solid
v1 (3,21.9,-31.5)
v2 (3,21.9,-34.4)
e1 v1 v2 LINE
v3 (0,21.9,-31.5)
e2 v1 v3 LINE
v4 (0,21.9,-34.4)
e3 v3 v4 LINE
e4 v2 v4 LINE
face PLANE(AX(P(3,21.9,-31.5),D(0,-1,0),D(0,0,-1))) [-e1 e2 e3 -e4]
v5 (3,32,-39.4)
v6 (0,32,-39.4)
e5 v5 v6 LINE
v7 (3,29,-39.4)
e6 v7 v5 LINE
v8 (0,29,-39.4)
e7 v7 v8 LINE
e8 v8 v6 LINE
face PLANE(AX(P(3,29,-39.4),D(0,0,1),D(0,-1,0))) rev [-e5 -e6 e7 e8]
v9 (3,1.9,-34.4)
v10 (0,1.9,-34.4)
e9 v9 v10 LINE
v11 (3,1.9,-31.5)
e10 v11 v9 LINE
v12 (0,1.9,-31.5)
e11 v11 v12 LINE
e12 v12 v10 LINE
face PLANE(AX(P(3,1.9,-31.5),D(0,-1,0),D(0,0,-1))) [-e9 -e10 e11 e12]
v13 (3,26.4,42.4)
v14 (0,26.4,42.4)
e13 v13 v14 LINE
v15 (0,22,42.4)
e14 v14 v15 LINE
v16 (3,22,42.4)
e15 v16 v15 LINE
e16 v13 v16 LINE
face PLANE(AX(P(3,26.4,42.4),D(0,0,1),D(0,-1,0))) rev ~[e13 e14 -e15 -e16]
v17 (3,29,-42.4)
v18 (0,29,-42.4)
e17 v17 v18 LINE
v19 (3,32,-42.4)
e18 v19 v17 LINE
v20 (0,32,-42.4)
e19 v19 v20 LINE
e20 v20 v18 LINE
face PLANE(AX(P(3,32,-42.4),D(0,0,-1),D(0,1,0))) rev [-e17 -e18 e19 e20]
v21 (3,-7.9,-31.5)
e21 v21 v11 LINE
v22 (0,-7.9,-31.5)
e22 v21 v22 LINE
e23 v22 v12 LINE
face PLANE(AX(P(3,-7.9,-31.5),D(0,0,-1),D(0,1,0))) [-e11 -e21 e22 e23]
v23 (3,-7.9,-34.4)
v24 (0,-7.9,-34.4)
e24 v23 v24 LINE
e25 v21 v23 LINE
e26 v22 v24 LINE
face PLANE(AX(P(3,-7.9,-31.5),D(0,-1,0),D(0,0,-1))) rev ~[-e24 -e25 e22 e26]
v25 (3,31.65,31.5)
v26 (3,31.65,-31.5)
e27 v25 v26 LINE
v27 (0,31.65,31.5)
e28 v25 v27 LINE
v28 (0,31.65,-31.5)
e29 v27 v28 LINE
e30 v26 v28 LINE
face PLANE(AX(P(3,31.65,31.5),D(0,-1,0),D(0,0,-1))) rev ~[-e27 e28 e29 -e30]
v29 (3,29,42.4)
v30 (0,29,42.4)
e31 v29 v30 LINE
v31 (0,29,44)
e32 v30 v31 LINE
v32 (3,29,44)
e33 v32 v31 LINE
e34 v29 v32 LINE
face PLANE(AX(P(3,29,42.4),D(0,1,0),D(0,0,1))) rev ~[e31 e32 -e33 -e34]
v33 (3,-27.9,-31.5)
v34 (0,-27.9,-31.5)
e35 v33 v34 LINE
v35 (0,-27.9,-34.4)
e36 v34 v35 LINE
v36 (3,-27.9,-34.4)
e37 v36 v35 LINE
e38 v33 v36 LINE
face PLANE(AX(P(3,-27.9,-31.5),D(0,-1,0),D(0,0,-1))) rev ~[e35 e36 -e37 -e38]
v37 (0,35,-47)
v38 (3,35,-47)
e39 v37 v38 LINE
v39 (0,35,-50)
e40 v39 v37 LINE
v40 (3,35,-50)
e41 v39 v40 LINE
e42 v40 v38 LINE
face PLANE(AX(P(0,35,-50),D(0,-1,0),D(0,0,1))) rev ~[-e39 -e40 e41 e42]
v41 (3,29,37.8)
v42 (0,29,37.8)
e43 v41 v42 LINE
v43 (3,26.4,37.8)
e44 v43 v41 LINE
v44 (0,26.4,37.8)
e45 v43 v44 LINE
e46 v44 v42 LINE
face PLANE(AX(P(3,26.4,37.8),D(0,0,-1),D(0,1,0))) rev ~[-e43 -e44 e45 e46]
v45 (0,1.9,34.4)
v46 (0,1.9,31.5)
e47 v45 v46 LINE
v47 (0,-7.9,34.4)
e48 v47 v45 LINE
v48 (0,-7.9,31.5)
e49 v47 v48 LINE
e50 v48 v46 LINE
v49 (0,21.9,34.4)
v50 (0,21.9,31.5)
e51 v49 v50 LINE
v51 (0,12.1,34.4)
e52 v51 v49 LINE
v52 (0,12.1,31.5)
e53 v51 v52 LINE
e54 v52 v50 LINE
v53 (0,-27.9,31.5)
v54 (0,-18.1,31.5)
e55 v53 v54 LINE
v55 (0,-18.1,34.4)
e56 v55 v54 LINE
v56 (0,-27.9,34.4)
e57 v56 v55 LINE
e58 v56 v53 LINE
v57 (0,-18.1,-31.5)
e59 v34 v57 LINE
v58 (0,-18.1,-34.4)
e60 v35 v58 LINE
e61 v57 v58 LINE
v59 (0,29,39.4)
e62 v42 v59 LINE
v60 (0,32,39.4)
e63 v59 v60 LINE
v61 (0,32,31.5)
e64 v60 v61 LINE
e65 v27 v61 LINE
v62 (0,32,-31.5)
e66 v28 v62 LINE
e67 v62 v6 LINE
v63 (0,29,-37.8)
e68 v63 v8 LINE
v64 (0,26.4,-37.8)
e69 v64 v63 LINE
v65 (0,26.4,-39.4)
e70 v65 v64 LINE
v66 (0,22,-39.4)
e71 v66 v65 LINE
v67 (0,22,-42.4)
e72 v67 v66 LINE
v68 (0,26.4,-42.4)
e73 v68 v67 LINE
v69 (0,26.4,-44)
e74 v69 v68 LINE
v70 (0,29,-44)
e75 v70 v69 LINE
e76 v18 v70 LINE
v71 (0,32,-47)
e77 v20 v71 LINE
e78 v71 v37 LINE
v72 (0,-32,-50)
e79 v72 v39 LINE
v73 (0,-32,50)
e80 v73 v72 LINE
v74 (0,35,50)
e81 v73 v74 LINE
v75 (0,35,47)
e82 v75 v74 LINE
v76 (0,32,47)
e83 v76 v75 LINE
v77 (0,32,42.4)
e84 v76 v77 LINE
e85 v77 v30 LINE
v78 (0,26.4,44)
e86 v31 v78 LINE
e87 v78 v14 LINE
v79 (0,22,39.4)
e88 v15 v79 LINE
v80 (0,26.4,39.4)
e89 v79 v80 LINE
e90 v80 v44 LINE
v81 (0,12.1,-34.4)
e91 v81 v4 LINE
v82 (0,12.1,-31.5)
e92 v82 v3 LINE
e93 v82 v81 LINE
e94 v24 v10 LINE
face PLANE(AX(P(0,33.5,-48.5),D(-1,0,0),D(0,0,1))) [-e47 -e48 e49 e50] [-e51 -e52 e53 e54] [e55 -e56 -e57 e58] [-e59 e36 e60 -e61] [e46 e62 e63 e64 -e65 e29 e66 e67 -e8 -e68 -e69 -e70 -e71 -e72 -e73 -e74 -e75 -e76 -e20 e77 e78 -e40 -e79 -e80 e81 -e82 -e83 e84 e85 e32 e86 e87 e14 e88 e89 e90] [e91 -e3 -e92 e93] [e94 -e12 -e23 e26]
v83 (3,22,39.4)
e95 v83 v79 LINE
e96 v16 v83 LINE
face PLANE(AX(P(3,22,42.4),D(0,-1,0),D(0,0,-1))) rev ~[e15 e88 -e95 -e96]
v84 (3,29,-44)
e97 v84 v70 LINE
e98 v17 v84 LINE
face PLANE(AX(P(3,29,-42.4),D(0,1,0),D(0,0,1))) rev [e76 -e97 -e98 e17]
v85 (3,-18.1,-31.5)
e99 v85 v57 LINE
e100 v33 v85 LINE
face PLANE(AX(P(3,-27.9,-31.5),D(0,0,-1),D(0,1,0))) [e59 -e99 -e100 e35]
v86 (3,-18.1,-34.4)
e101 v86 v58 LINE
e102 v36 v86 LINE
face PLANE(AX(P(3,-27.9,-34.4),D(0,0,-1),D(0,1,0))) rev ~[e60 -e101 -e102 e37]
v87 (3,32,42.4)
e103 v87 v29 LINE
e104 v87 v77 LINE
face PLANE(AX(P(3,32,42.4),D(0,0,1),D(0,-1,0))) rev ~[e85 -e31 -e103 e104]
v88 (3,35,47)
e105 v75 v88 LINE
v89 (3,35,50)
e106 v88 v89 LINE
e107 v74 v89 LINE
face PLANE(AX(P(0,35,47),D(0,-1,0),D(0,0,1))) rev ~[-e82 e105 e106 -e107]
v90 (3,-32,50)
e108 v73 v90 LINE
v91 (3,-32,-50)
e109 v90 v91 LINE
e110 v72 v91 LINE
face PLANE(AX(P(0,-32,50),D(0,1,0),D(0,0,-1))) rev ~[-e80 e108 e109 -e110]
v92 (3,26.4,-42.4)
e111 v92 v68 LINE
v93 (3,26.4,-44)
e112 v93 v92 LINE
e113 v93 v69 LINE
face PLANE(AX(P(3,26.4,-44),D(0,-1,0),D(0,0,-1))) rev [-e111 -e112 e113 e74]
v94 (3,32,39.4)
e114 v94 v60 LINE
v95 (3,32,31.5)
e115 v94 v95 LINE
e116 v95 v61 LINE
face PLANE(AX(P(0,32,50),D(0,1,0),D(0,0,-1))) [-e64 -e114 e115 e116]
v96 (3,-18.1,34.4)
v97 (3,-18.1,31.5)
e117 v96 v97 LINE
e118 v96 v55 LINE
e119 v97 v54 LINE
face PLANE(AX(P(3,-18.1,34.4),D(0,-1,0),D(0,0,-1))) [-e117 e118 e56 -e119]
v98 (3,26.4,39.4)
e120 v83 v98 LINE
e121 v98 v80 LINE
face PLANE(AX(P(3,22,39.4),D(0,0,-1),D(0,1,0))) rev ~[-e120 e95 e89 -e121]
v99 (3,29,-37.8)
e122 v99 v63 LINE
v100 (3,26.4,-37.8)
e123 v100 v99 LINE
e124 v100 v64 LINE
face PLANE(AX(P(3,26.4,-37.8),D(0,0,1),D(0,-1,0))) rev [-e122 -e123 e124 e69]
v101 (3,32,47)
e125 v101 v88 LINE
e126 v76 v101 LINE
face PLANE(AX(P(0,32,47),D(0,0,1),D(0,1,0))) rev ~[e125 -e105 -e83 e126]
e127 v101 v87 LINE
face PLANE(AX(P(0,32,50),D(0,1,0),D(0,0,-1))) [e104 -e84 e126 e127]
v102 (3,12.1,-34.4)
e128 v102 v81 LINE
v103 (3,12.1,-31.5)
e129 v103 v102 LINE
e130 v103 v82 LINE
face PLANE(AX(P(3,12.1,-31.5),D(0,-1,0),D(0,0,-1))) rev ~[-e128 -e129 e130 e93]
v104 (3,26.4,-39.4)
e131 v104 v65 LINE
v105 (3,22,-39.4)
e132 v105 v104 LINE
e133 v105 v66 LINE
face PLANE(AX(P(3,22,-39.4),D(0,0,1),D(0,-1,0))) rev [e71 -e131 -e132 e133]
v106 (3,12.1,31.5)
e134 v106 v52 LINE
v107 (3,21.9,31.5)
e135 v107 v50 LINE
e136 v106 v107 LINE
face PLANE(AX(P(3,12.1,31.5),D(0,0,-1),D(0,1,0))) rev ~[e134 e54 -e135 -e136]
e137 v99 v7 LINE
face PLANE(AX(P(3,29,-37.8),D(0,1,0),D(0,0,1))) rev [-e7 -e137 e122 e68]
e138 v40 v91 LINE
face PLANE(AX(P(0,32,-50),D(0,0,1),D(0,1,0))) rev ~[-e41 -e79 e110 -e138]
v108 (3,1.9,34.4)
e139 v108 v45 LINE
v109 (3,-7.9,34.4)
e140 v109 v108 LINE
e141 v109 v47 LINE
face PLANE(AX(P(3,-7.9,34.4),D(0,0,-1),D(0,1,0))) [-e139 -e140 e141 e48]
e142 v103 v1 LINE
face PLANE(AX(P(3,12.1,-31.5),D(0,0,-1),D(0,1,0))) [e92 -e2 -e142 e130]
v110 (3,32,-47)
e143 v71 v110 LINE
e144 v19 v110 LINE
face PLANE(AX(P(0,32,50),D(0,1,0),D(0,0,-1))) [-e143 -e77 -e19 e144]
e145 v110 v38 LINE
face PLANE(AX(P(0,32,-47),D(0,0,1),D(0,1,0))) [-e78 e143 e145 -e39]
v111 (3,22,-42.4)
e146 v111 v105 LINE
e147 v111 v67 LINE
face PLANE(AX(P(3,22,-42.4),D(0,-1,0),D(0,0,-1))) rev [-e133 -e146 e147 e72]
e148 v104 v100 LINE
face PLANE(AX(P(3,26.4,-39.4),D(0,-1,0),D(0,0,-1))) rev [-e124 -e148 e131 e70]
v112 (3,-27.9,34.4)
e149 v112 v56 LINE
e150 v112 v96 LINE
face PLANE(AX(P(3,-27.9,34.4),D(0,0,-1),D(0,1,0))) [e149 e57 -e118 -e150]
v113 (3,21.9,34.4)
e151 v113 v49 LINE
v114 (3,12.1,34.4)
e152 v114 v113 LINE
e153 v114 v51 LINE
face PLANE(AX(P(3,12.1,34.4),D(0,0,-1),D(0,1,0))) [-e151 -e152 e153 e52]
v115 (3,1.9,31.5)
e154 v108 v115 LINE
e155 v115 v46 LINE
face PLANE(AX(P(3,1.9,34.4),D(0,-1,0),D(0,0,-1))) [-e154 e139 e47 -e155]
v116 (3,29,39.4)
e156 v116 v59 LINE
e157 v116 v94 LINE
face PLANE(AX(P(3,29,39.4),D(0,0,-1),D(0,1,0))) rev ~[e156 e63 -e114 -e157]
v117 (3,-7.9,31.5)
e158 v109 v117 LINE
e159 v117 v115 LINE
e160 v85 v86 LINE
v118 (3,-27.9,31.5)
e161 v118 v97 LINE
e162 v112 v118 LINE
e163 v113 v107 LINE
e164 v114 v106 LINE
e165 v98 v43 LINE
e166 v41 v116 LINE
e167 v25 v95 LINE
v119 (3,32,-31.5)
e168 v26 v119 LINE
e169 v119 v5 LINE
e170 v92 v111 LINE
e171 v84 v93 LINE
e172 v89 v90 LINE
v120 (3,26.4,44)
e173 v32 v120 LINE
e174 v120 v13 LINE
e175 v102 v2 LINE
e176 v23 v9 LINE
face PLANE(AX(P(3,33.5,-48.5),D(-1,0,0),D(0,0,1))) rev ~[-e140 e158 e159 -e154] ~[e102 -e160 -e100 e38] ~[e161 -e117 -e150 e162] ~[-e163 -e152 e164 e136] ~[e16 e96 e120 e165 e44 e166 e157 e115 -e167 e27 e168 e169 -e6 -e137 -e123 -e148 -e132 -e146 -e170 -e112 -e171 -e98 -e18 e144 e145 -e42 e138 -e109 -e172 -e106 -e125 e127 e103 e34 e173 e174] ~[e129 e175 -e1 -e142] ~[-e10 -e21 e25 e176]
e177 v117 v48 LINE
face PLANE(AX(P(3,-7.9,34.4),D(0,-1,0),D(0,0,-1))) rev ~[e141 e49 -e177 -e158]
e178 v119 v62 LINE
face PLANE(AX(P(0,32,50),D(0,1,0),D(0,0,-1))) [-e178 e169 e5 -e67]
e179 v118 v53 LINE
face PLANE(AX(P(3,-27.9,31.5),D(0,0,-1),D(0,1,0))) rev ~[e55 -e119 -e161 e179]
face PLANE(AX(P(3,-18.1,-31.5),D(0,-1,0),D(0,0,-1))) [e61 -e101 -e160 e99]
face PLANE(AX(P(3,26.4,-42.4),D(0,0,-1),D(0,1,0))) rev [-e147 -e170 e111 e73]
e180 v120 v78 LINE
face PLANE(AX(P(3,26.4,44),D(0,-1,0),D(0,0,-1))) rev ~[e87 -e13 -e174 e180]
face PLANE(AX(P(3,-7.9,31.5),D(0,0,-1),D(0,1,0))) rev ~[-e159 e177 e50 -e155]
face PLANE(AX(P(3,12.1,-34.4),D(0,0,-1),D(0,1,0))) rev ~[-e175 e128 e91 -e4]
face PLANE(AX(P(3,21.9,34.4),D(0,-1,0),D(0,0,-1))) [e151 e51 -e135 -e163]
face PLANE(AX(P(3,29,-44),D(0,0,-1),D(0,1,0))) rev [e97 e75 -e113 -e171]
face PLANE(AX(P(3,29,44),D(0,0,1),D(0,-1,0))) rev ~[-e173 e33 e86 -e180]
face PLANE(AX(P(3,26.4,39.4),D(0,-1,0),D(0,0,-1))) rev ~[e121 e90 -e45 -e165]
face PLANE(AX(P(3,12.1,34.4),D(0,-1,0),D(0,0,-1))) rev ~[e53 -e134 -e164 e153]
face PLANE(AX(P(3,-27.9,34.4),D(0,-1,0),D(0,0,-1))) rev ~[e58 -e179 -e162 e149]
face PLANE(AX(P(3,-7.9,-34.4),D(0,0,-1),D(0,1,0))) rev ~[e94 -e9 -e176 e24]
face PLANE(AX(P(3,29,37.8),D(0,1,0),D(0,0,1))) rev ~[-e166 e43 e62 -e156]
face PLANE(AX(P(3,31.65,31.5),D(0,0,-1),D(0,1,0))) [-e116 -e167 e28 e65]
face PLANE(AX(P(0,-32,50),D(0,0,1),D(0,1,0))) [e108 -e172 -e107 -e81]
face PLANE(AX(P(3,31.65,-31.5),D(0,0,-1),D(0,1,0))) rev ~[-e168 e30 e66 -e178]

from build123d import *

# Parameters (mm, degrees)
SKETCH1_W           = 100
SKETCH1_H           = 64
BOSS_EXTRUDE1_DEPTH = 3
SKETCH2_W           = 2.9
SKETCH2_H           = 9.8
CUT_EXTRUDE1_DEPTH  = 3
CUT_EXTRUDE2_DEPTH  = 10
SKETCH5_W           = 63
SKETCH5_H           = 0.35
CUT_EXTRUDE3_DEPTH  = 10
SKETCH6_W           = 3
SKETCH6_H           = 3
BOSS_EXTRUDE3_DEPTH = 3


with BuildPart() as part:
    # Sketch1 → Boss-Extrude1 (new body)
    with BuildSketch(Plane(origin=(0, 0, 0), x_dir=(0, 0, -1), z_dir=(1, 0, 0))):
        Rectangle(SKETCH1_W, SKETCH1_H)
    extrude(amount=BOSS_EXTRUDE1_DEPTH)

    # Sketch2 → Cut-Extrude1 (cut)
    with BuildSketch(Plane(origin=(3, 0, 0), x_dir=(0, 0, -1), z_dir=(1, 0, 0))):
        with Locations((-32.95, 17)):
            Rectangle(SKETCH2_W, SKETCH2_H)
        with Locations((-32.95, -3)):
            Rectangle(SKETCH2_W, SKETCH2_H)
        with Locations((-32.95, -23)):
            Rectangle(SKETCH2_W, SKETCH2_H)
        with Locations((32.95, -23)):
            Rectangle(SKETCH2_W, SKETCH2_H)
        with Locations((32.95, -3)):
            Rectangle(SKETCH2_W, SKETCH2_H)
        with Locations((32.95, 17)):
            Rectangle(SKETCH2_W, SKETCH2_H)
    extrude(amount=-CUT_EXTRUDE1_DEPTH, mode=Mode.SUBTRACT)

    # Sketch3 → Cut-Extrude2 (cut)
    with BuildSketch(Plane(origin=(3, 0, 0), x_dir=(0, 0, -1), z_dir=(1, 0, 0))):
        Polygon((-42.4, 32), (-42.4, 29), (-44, 29), (-44, 26.4), (-42.4, 26.4), (-42.4, 22), (-39.4, 22), (-39.4, 26.4), (-37.8, 26.4), (-37.8, 29), (-39.4, 29), (-39.4, 32), align=None)
    cut_extrude2 = extrude(amount=-CUT_EXTRUDE2_DEPTH, mode=Mode.SUBTRACT)

    # Mirror1: Cut-Extrude2 across plane
    add(cut_extrude2.mirror(Plane.XY), mode=Mode.SUBTRACT)

    # Sketch5 → Cut-Extrude3 (cut)
    with BuildSketch(Plane(origin=(3, 0, 0), x_dir=(0, 0, -1), z_dir=(1, 0, 0))):
        with Locations((0, 31.825)):
            Rectangle(SKETCH5_W, SKETCH5_H)
    extrude(amount=-CUT_EXTRUDE3_DEPTH, mode=Mode.SUBTRACT)

    # Sketch6 → Boss-Extrude3 (add)
    with BuildSketch(Plane.ZY):
        with Locations((-48.5, 33.5)):
            Rectangle(SKETCH6_W, SKETCH6_H)
        with Locations((48.5, 33.5)):
            Rectangle(SKETCH6_W, SKETCH6_H)
    extrude(amount=-BOSS_EXTRUDE3_DEPTH)


solid = part.part
